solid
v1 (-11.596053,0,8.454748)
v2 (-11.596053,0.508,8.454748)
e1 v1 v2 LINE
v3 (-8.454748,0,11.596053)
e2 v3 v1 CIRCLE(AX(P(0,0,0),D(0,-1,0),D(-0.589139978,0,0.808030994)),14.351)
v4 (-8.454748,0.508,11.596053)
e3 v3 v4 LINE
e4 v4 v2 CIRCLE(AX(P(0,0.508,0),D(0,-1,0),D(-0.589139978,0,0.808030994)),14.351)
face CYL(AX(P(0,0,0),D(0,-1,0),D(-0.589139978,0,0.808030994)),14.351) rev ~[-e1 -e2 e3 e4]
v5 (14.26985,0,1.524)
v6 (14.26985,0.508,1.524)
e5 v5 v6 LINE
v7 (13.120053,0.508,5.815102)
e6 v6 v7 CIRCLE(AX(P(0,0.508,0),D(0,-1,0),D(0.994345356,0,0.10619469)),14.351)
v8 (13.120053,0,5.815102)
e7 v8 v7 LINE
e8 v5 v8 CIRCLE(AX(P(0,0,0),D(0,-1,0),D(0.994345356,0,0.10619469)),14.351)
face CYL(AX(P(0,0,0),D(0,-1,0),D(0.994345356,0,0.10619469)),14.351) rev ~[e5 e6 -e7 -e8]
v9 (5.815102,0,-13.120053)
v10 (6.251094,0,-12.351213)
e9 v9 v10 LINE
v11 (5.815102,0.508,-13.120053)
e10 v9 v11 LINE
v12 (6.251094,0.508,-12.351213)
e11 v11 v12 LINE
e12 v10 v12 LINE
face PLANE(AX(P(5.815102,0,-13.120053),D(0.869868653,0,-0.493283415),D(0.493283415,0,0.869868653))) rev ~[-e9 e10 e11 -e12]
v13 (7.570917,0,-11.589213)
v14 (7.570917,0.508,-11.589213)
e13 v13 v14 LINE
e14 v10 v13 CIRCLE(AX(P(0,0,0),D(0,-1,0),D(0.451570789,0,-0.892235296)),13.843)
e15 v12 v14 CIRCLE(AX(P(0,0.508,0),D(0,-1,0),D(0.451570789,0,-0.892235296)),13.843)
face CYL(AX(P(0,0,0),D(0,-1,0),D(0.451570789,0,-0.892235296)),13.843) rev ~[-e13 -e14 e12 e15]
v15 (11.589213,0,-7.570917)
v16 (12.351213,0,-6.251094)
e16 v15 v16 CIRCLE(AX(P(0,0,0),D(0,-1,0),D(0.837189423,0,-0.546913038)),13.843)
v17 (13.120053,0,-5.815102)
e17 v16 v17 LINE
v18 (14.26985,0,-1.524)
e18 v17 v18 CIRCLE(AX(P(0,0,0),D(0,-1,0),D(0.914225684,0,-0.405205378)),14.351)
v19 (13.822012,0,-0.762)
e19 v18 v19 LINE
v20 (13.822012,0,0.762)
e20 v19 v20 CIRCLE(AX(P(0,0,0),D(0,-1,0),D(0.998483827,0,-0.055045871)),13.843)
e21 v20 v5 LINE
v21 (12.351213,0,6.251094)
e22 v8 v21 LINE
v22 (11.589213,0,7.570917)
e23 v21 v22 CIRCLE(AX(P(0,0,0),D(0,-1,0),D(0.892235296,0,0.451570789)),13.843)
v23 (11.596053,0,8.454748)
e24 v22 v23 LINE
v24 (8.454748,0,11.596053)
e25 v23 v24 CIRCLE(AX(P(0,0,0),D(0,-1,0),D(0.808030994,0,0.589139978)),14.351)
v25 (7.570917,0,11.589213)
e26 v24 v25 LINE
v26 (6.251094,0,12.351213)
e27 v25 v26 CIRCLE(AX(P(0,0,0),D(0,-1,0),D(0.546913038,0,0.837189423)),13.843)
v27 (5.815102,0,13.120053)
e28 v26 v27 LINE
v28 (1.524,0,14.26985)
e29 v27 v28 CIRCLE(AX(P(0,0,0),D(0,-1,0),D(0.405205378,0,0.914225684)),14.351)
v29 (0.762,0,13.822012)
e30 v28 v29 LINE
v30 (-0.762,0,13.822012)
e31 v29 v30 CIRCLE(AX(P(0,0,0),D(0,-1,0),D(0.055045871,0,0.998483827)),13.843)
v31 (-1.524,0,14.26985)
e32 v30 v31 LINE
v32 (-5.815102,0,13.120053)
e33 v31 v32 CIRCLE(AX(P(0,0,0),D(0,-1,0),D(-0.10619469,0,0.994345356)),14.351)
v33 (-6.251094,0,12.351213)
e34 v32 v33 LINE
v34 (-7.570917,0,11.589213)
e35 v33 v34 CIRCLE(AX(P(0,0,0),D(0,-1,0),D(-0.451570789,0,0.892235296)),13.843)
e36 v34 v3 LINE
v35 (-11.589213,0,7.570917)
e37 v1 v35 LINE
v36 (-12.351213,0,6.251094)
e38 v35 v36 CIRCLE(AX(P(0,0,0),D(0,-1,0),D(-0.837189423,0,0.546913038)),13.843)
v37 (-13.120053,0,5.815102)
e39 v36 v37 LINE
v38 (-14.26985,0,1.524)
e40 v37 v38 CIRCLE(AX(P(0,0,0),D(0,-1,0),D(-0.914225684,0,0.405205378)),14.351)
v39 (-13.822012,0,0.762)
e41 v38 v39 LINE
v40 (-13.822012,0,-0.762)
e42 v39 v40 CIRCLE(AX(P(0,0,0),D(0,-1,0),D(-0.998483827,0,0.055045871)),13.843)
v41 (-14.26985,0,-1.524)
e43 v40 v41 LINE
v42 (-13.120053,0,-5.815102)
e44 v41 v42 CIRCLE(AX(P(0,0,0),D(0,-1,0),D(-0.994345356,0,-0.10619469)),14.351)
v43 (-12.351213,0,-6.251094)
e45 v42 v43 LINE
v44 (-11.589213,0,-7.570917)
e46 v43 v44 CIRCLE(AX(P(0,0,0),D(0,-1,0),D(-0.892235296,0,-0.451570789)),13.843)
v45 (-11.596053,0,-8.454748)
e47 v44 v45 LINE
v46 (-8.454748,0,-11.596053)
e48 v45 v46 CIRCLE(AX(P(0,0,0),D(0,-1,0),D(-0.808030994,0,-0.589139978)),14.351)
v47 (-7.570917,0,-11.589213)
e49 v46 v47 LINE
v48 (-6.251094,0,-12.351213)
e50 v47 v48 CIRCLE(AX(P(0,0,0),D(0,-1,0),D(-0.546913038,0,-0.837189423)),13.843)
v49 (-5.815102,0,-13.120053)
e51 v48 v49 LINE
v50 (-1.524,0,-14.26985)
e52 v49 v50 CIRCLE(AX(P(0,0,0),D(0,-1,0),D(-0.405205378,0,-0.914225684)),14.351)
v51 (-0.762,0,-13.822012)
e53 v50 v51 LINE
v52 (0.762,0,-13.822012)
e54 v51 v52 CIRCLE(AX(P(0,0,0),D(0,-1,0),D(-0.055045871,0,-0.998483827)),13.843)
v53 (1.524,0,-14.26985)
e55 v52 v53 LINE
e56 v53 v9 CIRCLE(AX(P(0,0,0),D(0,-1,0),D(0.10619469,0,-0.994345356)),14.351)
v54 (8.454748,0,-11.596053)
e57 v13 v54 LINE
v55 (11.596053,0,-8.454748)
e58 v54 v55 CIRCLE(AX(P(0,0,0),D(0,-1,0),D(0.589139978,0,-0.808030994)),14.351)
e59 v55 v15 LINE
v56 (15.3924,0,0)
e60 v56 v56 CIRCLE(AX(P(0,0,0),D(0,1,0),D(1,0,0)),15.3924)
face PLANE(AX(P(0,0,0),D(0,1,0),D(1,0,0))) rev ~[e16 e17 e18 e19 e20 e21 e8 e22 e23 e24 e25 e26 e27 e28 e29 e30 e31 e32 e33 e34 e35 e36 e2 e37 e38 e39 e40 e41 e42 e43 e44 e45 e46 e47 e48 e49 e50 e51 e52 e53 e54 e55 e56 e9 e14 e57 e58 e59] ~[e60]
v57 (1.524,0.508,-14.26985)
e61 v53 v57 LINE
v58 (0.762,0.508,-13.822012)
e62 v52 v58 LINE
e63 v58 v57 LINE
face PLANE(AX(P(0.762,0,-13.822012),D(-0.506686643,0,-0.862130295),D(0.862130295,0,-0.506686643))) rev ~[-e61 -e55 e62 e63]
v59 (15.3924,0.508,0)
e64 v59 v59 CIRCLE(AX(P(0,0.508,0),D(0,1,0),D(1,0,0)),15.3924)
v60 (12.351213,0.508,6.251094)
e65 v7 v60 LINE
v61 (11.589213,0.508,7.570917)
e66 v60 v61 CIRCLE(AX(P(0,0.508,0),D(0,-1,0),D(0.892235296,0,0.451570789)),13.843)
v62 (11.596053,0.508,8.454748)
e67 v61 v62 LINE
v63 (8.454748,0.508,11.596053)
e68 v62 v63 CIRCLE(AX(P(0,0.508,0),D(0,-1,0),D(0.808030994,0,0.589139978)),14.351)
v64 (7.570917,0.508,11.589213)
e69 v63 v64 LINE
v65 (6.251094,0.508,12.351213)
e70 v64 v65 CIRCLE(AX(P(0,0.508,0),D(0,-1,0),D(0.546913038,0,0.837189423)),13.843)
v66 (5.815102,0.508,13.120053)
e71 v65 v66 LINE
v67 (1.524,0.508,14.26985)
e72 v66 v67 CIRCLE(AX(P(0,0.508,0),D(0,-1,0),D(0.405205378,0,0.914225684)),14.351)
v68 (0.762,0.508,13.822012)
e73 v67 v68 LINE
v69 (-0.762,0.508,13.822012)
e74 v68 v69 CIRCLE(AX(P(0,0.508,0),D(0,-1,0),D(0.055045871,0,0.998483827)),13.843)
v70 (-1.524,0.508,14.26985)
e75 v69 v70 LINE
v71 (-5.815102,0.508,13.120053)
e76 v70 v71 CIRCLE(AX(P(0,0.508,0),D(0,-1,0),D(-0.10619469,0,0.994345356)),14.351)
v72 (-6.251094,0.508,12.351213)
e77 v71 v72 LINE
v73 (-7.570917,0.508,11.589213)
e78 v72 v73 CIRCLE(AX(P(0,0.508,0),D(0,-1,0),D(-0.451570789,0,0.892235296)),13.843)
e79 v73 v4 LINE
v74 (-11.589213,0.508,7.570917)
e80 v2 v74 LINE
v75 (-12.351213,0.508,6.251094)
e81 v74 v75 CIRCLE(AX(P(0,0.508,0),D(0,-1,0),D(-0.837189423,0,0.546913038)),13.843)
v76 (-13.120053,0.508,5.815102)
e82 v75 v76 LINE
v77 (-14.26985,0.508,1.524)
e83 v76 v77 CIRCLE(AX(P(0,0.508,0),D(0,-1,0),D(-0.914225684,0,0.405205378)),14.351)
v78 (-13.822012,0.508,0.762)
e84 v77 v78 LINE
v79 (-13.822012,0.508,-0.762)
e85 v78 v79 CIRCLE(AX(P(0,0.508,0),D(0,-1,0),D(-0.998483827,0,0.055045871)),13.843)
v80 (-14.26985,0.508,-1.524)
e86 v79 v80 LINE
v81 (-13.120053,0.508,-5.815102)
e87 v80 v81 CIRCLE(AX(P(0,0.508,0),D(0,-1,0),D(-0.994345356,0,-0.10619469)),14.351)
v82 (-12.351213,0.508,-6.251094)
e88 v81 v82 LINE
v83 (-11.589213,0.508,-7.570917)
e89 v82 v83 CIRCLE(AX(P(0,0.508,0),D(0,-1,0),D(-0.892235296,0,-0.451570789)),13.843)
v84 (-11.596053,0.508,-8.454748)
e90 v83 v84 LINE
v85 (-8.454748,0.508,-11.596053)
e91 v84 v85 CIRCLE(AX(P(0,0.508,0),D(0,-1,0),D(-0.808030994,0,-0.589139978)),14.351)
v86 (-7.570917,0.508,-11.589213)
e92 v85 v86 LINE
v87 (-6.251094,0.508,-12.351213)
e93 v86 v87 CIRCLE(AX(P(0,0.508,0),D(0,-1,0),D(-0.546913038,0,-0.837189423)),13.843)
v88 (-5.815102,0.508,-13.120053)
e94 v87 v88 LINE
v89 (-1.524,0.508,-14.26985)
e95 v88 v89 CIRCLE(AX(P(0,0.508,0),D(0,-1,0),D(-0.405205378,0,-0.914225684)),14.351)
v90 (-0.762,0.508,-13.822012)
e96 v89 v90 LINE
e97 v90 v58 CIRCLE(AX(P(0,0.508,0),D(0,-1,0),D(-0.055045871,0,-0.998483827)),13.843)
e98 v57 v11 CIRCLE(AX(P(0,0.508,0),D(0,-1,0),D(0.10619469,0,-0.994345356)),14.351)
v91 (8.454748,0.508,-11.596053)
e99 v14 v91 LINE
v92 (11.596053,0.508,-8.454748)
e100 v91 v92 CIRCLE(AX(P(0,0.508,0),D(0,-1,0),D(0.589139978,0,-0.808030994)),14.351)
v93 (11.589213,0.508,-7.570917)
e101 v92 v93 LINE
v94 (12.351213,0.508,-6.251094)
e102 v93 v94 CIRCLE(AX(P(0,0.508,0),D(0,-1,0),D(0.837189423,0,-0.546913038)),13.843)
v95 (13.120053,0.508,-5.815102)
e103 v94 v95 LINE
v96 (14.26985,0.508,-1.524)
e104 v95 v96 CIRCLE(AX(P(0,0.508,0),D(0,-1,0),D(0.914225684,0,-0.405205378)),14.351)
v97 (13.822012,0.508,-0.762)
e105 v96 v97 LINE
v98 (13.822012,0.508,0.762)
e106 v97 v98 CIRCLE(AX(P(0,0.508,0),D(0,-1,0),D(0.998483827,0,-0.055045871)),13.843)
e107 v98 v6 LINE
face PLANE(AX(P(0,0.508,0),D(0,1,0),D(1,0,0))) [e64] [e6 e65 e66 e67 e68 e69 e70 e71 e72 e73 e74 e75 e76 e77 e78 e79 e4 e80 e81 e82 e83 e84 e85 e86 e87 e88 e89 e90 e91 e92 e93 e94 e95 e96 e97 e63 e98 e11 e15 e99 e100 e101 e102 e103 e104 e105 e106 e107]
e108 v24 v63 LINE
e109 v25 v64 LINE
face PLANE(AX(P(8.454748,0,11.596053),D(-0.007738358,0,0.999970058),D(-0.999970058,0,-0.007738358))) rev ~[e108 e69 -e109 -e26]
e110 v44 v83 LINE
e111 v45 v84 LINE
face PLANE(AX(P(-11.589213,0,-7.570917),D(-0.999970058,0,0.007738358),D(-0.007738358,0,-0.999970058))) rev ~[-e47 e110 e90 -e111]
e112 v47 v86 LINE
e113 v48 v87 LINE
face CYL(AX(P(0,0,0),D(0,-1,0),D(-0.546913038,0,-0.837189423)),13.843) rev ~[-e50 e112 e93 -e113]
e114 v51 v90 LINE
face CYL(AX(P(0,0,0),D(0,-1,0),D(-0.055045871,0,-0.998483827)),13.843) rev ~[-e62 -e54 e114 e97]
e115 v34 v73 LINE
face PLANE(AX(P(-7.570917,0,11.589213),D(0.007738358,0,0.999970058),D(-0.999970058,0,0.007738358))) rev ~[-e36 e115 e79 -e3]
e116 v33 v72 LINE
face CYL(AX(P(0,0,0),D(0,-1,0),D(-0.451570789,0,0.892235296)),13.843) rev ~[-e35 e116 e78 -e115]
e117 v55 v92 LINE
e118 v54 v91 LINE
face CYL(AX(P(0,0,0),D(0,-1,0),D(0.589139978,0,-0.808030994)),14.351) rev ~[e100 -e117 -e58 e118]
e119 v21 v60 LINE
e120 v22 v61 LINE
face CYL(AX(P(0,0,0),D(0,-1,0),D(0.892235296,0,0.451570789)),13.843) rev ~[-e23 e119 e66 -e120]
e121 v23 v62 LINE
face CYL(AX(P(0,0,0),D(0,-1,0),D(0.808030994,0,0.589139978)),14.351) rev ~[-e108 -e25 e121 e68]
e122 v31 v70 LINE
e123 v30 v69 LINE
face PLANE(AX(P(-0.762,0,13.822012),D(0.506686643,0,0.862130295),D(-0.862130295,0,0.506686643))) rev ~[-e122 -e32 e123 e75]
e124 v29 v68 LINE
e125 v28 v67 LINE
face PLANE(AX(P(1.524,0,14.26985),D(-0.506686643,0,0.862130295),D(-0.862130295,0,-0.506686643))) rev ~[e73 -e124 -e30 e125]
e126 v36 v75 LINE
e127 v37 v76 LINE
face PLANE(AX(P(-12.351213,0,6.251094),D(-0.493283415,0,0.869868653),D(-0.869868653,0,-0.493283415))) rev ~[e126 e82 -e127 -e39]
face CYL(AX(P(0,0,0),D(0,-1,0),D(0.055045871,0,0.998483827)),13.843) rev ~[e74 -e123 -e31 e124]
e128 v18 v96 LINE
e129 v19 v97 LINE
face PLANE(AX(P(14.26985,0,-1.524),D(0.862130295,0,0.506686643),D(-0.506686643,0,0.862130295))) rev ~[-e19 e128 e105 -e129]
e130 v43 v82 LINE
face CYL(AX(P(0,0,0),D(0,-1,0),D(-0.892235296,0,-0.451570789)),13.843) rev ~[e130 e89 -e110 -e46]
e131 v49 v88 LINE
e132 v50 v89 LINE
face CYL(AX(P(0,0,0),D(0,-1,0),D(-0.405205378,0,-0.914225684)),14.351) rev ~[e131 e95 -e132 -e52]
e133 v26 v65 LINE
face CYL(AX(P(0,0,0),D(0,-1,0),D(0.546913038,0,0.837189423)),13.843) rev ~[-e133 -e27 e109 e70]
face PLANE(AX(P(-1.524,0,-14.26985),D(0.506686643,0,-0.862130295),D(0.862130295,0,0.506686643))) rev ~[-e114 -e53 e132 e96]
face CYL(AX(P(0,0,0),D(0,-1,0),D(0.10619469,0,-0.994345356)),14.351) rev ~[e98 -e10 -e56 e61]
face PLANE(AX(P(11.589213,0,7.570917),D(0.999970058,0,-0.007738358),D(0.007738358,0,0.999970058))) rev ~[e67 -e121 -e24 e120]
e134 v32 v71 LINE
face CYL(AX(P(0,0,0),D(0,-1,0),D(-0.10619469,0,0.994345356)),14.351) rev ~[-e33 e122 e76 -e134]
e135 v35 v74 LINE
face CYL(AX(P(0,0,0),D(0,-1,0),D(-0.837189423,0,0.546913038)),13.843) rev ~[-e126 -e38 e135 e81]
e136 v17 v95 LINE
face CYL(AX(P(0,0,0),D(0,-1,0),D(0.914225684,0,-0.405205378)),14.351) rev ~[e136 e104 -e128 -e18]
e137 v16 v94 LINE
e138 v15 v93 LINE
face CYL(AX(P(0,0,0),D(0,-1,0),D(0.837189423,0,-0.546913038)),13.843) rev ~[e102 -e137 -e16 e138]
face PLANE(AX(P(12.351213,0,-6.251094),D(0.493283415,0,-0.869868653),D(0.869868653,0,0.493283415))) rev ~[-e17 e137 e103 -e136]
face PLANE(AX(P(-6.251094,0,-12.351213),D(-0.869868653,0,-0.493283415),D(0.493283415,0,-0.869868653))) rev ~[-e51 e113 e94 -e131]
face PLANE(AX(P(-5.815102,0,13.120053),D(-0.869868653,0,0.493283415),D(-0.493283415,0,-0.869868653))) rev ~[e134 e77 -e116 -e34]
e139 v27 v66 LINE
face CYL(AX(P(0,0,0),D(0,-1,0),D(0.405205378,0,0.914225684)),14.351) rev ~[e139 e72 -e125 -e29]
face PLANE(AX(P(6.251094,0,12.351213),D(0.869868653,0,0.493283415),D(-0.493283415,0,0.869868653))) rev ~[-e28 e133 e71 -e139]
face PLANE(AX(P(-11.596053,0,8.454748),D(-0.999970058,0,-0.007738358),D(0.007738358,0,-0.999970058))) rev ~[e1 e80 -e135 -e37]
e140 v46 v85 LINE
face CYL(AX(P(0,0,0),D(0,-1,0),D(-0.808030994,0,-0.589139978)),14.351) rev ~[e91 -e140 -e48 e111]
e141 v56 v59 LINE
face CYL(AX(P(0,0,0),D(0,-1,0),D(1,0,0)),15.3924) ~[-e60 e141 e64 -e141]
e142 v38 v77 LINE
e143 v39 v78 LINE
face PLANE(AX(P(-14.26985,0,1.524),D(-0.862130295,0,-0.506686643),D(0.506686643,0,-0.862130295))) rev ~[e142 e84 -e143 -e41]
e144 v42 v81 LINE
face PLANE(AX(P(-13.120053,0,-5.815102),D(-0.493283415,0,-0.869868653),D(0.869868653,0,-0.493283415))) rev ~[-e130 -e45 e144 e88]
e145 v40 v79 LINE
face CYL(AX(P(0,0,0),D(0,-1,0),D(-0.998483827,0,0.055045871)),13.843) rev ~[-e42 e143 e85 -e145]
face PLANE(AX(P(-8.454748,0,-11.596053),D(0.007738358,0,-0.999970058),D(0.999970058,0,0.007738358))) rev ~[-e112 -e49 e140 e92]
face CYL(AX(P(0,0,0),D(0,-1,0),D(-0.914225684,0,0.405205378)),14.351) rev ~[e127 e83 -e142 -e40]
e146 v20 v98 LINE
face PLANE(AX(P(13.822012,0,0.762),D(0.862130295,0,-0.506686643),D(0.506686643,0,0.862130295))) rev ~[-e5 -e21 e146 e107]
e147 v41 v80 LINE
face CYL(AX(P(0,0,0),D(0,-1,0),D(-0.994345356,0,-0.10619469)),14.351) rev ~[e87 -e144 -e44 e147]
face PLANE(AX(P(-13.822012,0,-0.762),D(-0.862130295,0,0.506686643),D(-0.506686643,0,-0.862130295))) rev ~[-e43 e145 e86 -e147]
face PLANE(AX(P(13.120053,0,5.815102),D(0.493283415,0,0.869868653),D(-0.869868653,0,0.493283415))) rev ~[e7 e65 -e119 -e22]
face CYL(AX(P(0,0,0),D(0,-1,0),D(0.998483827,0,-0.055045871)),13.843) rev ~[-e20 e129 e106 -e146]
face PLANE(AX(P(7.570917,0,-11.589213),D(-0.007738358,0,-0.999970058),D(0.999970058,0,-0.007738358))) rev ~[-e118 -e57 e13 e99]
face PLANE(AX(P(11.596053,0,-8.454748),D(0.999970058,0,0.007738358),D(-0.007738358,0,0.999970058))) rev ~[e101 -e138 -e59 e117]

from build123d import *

# Parameters (mm, degrees)
SKETCH1_R           = 15.3924
BOSS_EXTRUDE1_DEPTH = 0.508


with BuildPart() as part:
    # Sketch1 → Boss-Extrude1 (new body)
    with BuildSketch(Plane(origin=(0, 0, 0), x_dir=(1, 0, 0), z_dir=(0, 1, 0))):
        Circle(SKETCH1_R)
        with BuildLine():
            Line((-1.524, 14.269850209), (-0.762, 13.822011612))
            ThreePointArc((-0.762, 13.822011612), (0, 13.843), (0.762, 13.822011612))
            Line((0.762, 13.822011612), (1.524, 14.269850209))
            ThreePointArc((1.524, 14.269850209), (3.714312116, 13.862001533), (5.815102389, 13.12005279))
            Line((5.815102389, 13.12005279), (6.251094448, 12.351213187))
            ThreePointArc((6.251094448, 12.351213187), (6.9215, 11.988389665), (7.570917164, 11.589213187))
            Line((7.570917164, 11.589213187), (8.45474782, 11.59605279))
            ThreePointArc((8.45474782, 11.59605279), (10.147689417, 10.147689417), (11.59605279, 8.45474782))
            Line((11.59605279, 8.45474782), (11.589213187, 7.570917164))
            ThreePointArc((11.589213187, 7.570917164), (11.988389665, 6.9215), (12.351213187, 6.251094448))
            Line((12.351213187, 6.251094448), (13.12005279, 5.815102389))
            ThreePointArc((13.12005279, 5.815102389), (13.862001533, 3.714312116), (14.269850209, 1.524))
            Line((14.269850209, 1.524), (13.822011612, 0.762))
            ThreePointArc((13.822011612, 0.762), (13.843, 0), (13.822011612, -0.762))
            Line((13.822011612, -0.762), (14.269850209, -1.524))
            ThreePointArc((14.269850209, -1.524), (13.862001533, -3.714312116), (13.12005279, -5.815102389))
            Line((13.12005279, -5.815102389), (12.351213187, -6.251094448))
            ThreePointArc((12.351213187, -6.251094448), (11.988389665, -6.9215), (11.589213187, -7.570917164))
            Line((11.589213187, -7.570917164), (11.59605279, -8.45474782))
            ThreePointArc((11.59605279, -8.45474782), (10.147689417, -10.147689417), (8.45474782, -11.59605279))
            Line((8.45474782, -11.59605279), (7.570917164, -11.589213187))
            ThreePointArc((7.570917164, -11.589213187), (6.9215, -11.988389665), (6.251094448, -12.351213187))
            Line((6.251094448, -12.351213187), (5.815102389, -13.12005279))
            ThreePointArc((5.815102389, -13.12005279), (3.714312116, -13.862001533), (1.524, -14.269850209))
            Line((1.524, -14.269850209), (0.762, -13.822011612))
            ThreePointArc((0.762, -13.822011612), (0, -13.843), (-0.762, -13.822011612))
            Line((-0.762, -13.822011612), (-1.524, -14.269850209))
            ThreePointArc((-1.524, -14.269850209), (-3.714312116, -13.862001533), (-5.815102389, -13.12005279))
            Line((-5.815102389, -13.12005279), (-6.251094448, -12.351213187))
            ThreePointArc((-6.251094448, -12.351213187), (-6.9215, -11.988389665), (-7.570917164, -11.589213187))
            Line((-7.570917164, -11.589213187), (-8.45474782, -11.59605279))
            ThreePointArc((-8.45474782, -11.59605279), (-10.147689417, -10.147689417), (-11.59605279, -8.45474782))
            Line((-11.59605279, -8.45474782), (-11.589213187, -7.570917164))
            ThreePointArc((-11.589213187, -7.570917164), (-11.988389665, -6.9215), (-12.351213187, -6.251094448))
            Line((-12.351213187, -6.251094448), (-13.12005279, -5.815102389))
            ThreePointArc((-13.12005279, -5.815102389), (-13.862001533, -3.714312116), (-14.269850209, -1.524))
            Line((-14.269850209, -1.524), (-13.822011612, -0.762))
            ThreePointArc((-13.822011612, -0.762), (-13.843, 0), (-13.822011612, 0.762))
            Line((-13.822011612, 0.762), (-14.269850209, 1.524))
            ThreePointArc((-14.269850209, 1.524), (-13.862001533, 3.714312116), (-13.12005279, 5.815102389))
            Line((-13.12005279, 5.815102389), (-12.351213187, 6.251094448))
            ThreePointArc((-12.351213187, 6.251094448), (-11.988389665, 6.9215), (-11.589213187, 7.570917164))
            Line((-11.589213187, 7.570917164), (-11.59605279, 8.45474782))
            ThreePointArc((-11.59605279, 8.45474782), (-10.147689417, 10.147689417), (-8.45474782, 11.59605279))
            Line((-8.45474782, 11.59605279), (-7.570917164, 11.589213187))
            ThreePointArc((-7.570917164, 11.589213187), (-6.9215, 11.988389665), (-6.251094448, 12.351213187))
            Line((-6.251094448, 12.351213187), (-5.815102389, 13.12005279))
            ThreePointArc((-5.815102389, 13.12005279), (-3.714312116, 13.862001533), (-1.524, 14.269850209))
        make_face(mode=Mode.SUBTRACT)
    extrude(amount=BOSS_EXTRUDE1_DEPTH)


solid = part.part
